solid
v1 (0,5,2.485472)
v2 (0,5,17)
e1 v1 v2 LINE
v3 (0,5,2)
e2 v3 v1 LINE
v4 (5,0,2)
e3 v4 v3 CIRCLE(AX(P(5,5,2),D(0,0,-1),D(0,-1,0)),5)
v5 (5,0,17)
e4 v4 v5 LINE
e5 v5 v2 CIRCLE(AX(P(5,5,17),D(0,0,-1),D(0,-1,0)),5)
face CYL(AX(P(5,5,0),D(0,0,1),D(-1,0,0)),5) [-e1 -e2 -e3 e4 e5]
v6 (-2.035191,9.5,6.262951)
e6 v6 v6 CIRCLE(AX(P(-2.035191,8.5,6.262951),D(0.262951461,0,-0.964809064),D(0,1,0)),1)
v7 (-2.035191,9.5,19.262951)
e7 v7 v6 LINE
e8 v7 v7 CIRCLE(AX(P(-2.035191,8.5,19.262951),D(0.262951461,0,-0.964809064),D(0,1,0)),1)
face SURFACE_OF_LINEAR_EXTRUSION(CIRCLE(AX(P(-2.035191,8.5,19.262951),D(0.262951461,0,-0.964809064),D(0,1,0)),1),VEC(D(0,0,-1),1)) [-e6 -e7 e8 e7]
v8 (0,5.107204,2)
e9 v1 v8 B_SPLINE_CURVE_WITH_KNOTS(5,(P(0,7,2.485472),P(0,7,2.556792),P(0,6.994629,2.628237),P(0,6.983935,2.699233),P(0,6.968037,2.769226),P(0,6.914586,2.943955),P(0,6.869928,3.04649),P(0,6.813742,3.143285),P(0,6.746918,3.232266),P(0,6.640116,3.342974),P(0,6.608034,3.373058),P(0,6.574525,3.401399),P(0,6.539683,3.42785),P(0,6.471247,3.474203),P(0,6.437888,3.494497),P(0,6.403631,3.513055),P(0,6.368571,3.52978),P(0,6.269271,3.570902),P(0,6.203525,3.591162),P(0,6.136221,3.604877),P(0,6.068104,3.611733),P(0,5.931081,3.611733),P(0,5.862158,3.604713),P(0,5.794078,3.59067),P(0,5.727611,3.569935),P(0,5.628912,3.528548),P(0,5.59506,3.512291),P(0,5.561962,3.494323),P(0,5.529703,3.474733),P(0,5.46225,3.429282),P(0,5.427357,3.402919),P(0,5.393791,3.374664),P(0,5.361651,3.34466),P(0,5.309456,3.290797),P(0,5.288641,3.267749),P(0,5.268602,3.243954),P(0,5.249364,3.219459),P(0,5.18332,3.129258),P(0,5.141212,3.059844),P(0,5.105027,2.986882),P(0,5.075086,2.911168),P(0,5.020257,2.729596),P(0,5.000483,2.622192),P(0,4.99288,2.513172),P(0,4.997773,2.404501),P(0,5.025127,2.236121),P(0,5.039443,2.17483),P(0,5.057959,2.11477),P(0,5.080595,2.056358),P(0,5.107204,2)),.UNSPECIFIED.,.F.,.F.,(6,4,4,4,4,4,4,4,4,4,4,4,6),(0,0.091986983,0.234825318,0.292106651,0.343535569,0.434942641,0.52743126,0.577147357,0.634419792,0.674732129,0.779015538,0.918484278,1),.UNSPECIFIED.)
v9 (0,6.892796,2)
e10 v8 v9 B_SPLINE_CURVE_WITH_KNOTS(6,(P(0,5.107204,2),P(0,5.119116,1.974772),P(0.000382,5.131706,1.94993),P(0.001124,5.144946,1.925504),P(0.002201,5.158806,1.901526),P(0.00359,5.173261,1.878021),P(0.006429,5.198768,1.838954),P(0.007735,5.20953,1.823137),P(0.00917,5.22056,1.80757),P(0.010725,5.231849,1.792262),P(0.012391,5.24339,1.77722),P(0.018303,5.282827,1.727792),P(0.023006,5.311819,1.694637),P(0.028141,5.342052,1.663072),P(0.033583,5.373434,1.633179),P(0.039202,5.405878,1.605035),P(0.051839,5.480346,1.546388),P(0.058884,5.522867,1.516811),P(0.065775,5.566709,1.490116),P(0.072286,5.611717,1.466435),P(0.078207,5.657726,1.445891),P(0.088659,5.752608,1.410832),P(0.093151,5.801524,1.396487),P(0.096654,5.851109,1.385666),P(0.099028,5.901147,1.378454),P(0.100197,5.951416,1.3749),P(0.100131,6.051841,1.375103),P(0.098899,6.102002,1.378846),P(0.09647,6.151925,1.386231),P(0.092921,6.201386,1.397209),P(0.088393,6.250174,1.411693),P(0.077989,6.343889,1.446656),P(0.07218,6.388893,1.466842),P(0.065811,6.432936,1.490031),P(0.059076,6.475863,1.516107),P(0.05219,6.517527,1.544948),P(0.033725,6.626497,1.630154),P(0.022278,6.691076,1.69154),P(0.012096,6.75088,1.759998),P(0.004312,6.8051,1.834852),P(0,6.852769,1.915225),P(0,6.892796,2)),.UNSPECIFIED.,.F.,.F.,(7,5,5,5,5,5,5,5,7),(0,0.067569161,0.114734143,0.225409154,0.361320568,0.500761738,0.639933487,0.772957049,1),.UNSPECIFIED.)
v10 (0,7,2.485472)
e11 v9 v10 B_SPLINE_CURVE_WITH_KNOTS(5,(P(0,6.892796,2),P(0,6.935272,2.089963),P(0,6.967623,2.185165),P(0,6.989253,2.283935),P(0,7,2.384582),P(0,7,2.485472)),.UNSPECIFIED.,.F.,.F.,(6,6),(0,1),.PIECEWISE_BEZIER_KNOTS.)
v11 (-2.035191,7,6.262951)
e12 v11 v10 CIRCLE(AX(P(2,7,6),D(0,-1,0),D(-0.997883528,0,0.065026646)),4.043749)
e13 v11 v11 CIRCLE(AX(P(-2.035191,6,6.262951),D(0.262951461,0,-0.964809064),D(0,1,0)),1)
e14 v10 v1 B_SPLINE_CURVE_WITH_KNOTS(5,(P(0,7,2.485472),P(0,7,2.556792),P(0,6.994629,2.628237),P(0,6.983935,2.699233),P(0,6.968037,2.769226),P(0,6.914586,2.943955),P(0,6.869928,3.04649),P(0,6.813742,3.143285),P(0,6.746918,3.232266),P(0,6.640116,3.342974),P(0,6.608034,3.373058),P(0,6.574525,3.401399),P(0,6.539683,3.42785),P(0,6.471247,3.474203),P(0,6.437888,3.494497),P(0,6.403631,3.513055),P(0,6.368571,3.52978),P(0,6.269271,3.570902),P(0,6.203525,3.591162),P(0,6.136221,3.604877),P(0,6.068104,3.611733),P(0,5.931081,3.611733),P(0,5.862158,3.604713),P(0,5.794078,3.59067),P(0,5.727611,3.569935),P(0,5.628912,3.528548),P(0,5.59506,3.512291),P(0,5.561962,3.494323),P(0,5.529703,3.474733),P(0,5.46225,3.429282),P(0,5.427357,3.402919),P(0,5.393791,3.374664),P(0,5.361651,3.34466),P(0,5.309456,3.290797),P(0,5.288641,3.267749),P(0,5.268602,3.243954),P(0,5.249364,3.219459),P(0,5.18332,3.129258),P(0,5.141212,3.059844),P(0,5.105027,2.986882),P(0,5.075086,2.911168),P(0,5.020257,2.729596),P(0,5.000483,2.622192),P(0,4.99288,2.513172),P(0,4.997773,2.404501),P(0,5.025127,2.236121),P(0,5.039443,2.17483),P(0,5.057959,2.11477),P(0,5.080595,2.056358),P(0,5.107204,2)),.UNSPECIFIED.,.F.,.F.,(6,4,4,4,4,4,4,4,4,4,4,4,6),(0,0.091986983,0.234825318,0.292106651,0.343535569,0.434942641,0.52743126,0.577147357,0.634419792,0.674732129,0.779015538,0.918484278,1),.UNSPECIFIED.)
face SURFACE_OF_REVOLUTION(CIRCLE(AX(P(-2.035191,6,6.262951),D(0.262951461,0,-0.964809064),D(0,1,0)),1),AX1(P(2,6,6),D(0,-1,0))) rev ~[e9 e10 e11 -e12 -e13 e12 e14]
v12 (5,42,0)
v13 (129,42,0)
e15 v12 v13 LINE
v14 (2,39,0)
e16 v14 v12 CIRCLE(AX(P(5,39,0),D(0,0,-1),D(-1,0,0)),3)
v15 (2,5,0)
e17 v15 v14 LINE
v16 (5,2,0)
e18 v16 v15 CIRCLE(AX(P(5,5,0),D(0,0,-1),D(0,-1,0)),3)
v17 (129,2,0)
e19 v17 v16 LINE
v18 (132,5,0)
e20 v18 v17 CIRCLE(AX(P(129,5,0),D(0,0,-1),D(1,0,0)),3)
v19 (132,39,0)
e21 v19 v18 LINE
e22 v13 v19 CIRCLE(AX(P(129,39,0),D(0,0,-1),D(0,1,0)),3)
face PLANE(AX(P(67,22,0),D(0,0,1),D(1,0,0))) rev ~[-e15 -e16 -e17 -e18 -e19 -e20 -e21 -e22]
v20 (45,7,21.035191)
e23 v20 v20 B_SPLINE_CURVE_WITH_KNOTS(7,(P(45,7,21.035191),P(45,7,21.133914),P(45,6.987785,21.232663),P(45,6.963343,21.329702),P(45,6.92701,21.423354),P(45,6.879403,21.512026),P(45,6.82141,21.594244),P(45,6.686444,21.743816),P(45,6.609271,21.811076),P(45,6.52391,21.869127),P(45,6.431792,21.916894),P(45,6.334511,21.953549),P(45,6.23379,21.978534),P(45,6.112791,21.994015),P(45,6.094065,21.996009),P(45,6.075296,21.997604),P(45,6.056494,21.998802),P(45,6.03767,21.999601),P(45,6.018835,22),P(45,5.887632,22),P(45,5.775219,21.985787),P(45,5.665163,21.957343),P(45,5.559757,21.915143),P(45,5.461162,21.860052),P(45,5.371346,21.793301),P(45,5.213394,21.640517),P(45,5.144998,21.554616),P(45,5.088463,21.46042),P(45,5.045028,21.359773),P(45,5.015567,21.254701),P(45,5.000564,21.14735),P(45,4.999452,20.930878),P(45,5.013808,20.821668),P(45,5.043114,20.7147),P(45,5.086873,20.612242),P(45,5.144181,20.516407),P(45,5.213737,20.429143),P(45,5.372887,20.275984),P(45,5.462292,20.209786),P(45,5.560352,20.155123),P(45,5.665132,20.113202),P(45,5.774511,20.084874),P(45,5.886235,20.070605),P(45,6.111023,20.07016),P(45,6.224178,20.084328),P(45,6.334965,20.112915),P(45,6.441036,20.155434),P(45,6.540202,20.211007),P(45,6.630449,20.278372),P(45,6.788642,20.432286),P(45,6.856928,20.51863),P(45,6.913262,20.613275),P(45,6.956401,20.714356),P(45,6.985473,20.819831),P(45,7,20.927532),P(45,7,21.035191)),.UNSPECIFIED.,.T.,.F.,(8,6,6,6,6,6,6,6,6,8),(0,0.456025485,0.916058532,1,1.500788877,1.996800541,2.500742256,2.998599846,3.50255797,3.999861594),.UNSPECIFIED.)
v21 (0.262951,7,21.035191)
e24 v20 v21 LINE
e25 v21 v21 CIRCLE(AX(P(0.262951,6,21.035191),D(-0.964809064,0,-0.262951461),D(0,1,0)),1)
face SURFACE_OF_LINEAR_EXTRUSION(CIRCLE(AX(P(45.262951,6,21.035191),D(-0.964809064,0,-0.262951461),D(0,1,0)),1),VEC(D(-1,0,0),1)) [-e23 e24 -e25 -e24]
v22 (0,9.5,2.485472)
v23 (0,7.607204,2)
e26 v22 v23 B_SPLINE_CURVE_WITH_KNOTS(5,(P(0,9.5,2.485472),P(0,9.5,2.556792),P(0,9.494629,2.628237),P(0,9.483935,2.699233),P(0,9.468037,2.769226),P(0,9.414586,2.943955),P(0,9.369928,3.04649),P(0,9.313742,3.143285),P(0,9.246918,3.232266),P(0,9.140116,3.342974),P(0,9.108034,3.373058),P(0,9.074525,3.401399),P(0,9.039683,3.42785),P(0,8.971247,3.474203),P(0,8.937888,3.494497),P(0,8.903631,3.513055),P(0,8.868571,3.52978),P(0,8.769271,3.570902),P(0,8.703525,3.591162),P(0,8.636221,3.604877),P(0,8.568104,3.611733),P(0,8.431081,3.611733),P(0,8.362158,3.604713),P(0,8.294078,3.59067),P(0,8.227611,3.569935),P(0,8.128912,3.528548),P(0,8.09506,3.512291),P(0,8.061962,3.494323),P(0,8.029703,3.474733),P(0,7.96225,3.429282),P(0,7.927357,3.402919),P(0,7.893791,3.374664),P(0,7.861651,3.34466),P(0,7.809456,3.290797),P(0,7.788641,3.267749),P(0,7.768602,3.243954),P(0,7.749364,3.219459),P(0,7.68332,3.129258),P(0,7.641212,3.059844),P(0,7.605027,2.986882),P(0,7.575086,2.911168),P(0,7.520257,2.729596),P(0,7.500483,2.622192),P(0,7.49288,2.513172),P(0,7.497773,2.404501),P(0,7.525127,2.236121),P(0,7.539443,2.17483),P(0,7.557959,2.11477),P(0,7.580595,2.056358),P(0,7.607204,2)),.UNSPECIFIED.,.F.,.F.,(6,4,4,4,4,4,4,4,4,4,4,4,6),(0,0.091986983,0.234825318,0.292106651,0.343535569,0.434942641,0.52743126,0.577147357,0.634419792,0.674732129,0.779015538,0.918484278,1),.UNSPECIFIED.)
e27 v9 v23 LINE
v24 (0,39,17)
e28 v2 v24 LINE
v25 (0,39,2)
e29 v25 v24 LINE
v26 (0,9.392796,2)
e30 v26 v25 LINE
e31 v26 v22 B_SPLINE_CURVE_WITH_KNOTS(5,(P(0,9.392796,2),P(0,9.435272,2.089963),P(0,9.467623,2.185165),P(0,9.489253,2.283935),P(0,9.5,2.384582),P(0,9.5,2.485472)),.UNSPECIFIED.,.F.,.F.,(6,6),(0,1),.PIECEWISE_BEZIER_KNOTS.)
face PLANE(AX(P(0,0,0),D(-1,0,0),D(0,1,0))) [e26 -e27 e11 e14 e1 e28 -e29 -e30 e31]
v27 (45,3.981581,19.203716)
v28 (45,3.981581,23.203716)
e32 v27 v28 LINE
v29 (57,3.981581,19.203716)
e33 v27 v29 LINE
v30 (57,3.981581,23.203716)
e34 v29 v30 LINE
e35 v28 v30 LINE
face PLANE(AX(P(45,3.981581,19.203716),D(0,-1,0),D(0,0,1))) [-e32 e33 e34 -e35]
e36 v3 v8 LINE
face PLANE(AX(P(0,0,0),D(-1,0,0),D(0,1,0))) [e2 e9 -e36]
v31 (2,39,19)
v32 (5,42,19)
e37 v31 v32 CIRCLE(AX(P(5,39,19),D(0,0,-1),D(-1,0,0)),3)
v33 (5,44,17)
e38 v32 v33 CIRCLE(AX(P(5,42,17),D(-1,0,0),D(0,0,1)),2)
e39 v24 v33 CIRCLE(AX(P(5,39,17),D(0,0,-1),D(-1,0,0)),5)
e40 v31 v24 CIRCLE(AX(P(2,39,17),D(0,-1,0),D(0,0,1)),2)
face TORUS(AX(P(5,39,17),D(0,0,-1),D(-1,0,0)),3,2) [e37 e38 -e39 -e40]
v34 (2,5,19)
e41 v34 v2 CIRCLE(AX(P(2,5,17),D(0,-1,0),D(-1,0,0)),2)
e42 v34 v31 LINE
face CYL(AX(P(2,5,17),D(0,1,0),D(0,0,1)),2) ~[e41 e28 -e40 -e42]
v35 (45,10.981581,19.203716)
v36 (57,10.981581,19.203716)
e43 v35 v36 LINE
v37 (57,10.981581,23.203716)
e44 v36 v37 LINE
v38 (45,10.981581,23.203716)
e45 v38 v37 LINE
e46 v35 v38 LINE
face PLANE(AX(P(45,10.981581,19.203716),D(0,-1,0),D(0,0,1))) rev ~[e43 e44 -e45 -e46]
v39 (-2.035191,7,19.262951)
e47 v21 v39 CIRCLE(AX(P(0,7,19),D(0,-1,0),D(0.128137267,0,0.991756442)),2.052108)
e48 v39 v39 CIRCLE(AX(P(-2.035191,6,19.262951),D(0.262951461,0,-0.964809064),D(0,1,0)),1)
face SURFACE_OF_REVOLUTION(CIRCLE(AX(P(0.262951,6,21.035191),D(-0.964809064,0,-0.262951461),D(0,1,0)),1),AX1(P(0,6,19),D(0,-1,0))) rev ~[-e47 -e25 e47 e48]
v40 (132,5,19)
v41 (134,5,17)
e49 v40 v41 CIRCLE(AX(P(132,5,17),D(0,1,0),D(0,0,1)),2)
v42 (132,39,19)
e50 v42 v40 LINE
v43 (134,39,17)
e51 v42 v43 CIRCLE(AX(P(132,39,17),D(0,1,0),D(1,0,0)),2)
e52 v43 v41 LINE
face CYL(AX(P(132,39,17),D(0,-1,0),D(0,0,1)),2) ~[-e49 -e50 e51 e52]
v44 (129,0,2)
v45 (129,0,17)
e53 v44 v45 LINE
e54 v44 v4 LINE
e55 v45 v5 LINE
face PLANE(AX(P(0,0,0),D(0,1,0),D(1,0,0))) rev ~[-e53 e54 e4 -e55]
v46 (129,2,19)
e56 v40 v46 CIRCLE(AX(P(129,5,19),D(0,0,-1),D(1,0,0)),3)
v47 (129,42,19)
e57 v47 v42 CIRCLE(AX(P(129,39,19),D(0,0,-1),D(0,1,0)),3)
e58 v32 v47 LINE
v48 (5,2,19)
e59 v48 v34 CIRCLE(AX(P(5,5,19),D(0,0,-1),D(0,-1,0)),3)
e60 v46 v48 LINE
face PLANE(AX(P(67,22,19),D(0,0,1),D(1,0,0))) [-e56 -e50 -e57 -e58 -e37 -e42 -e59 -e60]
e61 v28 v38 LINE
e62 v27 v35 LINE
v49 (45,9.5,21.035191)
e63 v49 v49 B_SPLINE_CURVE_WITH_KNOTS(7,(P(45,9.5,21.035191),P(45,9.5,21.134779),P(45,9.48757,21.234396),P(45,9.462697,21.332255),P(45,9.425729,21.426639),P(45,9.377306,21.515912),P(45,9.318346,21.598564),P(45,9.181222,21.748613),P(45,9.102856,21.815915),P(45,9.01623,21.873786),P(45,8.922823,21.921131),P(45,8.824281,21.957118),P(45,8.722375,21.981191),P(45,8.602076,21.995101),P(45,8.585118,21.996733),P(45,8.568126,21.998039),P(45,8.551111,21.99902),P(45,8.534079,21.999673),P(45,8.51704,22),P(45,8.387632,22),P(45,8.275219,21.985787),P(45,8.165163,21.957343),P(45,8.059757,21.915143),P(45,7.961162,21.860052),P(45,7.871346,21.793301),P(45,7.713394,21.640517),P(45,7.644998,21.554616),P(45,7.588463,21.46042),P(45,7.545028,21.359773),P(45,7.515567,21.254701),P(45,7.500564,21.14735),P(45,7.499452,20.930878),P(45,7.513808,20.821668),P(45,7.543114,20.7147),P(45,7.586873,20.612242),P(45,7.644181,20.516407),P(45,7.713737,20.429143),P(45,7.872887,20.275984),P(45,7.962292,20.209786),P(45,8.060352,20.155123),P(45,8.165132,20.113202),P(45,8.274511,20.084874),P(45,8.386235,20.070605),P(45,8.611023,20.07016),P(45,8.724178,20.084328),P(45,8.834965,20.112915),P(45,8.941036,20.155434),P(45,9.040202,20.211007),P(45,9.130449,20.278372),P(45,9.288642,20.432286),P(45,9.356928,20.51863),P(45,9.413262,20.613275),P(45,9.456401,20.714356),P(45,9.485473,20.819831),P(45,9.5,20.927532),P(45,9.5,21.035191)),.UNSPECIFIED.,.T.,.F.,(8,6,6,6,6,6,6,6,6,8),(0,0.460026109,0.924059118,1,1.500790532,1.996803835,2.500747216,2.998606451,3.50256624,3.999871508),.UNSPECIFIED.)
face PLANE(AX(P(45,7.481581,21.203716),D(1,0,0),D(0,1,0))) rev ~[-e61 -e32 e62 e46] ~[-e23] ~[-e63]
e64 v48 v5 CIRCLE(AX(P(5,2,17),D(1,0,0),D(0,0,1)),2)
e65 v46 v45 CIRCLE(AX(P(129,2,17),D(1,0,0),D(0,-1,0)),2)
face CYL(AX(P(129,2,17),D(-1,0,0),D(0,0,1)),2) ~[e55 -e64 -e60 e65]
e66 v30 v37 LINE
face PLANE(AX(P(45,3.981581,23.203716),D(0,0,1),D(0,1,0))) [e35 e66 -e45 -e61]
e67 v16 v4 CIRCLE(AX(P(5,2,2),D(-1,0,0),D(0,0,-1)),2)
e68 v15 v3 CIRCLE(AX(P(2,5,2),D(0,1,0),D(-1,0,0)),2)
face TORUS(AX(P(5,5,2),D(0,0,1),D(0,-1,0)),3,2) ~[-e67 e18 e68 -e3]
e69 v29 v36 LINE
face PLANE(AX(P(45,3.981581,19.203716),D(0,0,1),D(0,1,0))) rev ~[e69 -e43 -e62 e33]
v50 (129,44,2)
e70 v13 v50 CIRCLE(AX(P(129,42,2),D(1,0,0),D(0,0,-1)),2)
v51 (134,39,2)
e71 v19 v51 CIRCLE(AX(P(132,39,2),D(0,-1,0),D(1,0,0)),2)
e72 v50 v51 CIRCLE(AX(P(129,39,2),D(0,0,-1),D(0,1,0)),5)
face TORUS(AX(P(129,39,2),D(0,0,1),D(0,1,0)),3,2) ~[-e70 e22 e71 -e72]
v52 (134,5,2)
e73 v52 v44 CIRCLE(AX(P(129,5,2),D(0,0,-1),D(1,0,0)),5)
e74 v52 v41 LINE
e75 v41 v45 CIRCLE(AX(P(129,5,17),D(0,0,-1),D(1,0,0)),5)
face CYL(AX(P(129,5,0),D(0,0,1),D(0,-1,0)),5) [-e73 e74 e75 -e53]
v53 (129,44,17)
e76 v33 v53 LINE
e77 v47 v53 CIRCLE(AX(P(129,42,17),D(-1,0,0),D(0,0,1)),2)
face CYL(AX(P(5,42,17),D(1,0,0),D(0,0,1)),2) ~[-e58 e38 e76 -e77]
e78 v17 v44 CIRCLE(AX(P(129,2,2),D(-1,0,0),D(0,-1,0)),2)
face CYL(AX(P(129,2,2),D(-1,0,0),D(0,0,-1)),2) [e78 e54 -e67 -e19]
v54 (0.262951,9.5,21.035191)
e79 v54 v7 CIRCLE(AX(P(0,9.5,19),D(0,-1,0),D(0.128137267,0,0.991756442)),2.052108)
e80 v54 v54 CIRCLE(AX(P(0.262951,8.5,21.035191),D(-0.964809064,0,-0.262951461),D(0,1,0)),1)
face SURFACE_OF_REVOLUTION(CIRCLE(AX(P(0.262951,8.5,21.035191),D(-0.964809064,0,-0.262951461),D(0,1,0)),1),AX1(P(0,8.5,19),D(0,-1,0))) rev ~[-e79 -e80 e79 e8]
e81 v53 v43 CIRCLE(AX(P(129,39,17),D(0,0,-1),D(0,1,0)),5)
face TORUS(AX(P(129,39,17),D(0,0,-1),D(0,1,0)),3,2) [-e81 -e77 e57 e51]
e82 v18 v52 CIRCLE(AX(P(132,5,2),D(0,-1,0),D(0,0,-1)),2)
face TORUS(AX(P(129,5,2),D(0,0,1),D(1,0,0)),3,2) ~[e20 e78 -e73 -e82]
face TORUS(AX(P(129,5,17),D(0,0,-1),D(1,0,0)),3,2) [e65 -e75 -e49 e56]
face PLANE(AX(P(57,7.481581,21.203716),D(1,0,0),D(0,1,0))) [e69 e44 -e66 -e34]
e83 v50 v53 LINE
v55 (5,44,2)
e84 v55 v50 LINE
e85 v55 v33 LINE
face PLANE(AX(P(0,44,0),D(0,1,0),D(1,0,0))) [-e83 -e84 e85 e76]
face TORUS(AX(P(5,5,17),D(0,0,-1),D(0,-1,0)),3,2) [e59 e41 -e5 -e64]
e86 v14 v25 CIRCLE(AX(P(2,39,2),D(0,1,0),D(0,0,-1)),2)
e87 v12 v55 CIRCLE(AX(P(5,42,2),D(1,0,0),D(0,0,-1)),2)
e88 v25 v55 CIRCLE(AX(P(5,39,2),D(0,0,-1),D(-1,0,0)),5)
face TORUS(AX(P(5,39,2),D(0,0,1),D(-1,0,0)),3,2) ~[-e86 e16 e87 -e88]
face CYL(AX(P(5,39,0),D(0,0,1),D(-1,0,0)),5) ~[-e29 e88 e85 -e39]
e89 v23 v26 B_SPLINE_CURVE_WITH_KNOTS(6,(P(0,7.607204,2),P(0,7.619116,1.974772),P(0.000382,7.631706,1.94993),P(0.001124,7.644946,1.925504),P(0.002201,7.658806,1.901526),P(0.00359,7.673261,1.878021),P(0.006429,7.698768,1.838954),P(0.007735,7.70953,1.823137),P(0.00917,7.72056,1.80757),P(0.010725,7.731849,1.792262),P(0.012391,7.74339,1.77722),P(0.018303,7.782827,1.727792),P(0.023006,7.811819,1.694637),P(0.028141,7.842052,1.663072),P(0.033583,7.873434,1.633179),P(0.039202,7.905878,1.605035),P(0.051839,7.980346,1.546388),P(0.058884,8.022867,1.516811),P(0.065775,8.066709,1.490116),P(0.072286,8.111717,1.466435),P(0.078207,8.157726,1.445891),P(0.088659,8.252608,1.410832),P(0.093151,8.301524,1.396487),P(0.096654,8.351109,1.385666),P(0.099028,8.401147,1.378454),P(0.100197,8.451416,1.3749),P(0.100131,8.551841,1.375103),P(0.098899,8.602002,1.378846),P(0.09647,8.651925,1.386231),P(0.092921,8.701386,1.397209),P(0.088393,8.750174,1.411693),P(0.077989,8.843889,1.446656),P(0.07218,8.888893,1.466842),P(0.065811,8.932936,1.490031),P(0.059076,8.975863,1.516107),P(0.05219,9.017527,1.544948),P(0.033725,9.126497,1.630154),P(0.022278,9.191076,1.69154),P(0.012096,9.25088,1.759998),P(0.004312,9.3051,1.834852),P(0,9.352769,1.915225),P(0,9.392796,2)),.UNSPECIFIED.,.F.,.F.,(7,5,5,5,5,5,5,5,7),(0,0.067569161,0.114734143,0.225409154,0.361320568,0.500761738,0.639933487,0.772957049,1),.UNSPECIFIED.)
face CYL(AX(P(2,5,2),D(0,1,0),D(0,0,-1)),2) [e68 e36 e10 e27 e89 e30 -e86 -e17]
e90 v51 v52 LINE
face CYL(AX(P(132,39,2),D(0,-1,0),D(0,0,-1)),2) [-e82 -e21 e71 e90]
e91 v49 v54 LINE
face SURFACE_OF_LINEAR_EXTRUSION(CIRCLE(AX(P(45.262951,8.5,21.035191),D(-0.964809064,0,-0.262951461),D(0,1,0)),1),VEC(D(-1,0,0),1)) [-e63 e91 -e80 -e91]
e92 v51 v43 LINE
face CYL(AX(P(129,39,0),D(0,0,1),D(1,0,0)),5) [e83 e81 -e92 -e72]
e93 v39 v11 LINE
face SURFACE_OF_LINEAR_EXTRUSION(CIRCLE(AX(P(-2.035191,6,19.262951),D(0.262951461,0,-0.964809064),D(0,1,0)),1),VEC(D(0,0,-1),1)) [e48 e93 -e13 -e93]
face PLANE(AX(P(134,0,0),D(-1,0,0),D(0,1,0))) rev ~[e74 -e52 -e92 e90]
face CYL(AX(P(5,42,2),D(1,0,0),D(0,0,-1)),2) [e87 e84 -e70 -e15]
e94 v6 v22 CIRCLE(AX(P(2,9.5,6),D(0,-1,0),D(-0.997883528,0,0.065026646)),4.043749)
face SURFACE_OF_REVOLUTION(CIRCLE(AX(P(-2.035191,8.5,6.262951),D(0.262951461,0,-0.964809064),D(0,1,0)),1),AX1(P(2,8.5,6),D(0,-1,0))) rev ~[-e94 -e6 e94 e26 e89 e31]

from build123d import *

# Parameters (mm, degrees)
F0_W      = 134
F0_H      = 44
F1_DEPTH  = 19
F2_R      = 5
F3_R      = 2
F6_R      = 1
F9_W      = 7
F9_H      = 4
F10_DEPTH = 12


with BuildPart() as f1:
    # F0 (on Top) → F1 (new body)
    with BuildSketch(Plane.XY):
        with Locations((67, 22)):
            Rectangle(F0_W, F0_H)
    extrude(amount=F1_DEPTH)

    # F2
    f2_edges = [f1.edges().sort_by_distance(p)[0] for p in [
        (0, 0, 9.5),
        (134, 0, 9.5),
        (134, 44, 9.5),
        (0, 44, 9.5),
    ]]
    fillet(f2_edges, radius=F2_R)

    # F3
    f3_edges = [f1.edges().sort_by_distance(p)[0] for p in [
        (67, 44, 19),
        (67, 44, 0),
    ]]
    fillet(f3_edges, radius=F3_R)

    # F7: sweep along a path in F4
    with BuildLine(Plane.XZ) as f7_path:
        Line((45, 22), (0, 22))
        ThreePointArc((0, 22), (-2.1213203436, 21.1213203436), (-3, 19))
        Line((-3, 19), (-3, 6))
        ThreePointArc((-3, 6), (-1.9732723615, 2.964690009), (0.6852426967, 1.1759546817))
        Line((0.6852426967, 1.1759546817), (5, 0))
    # F6 (on offset) → F7 (sweep)
    with BuildSketch(Plane.YZ.offset(5)):
        with Locations((6, 1)):
            Circle(F6_R)
        with Locations((8.5, 1)):
            Circle(F6_R)
    sweep(path=f7_path.line)

    # F9 (on offset) → F10 (join)
    with BuildSketch(Plane.YZ.offset(45)):
        with Locations((7.4815807267, 21.2037162855)):
            Rectangle(F9_W, F9_H)
    extrude(amount=F10_DEPTH)


solid = f1.part
